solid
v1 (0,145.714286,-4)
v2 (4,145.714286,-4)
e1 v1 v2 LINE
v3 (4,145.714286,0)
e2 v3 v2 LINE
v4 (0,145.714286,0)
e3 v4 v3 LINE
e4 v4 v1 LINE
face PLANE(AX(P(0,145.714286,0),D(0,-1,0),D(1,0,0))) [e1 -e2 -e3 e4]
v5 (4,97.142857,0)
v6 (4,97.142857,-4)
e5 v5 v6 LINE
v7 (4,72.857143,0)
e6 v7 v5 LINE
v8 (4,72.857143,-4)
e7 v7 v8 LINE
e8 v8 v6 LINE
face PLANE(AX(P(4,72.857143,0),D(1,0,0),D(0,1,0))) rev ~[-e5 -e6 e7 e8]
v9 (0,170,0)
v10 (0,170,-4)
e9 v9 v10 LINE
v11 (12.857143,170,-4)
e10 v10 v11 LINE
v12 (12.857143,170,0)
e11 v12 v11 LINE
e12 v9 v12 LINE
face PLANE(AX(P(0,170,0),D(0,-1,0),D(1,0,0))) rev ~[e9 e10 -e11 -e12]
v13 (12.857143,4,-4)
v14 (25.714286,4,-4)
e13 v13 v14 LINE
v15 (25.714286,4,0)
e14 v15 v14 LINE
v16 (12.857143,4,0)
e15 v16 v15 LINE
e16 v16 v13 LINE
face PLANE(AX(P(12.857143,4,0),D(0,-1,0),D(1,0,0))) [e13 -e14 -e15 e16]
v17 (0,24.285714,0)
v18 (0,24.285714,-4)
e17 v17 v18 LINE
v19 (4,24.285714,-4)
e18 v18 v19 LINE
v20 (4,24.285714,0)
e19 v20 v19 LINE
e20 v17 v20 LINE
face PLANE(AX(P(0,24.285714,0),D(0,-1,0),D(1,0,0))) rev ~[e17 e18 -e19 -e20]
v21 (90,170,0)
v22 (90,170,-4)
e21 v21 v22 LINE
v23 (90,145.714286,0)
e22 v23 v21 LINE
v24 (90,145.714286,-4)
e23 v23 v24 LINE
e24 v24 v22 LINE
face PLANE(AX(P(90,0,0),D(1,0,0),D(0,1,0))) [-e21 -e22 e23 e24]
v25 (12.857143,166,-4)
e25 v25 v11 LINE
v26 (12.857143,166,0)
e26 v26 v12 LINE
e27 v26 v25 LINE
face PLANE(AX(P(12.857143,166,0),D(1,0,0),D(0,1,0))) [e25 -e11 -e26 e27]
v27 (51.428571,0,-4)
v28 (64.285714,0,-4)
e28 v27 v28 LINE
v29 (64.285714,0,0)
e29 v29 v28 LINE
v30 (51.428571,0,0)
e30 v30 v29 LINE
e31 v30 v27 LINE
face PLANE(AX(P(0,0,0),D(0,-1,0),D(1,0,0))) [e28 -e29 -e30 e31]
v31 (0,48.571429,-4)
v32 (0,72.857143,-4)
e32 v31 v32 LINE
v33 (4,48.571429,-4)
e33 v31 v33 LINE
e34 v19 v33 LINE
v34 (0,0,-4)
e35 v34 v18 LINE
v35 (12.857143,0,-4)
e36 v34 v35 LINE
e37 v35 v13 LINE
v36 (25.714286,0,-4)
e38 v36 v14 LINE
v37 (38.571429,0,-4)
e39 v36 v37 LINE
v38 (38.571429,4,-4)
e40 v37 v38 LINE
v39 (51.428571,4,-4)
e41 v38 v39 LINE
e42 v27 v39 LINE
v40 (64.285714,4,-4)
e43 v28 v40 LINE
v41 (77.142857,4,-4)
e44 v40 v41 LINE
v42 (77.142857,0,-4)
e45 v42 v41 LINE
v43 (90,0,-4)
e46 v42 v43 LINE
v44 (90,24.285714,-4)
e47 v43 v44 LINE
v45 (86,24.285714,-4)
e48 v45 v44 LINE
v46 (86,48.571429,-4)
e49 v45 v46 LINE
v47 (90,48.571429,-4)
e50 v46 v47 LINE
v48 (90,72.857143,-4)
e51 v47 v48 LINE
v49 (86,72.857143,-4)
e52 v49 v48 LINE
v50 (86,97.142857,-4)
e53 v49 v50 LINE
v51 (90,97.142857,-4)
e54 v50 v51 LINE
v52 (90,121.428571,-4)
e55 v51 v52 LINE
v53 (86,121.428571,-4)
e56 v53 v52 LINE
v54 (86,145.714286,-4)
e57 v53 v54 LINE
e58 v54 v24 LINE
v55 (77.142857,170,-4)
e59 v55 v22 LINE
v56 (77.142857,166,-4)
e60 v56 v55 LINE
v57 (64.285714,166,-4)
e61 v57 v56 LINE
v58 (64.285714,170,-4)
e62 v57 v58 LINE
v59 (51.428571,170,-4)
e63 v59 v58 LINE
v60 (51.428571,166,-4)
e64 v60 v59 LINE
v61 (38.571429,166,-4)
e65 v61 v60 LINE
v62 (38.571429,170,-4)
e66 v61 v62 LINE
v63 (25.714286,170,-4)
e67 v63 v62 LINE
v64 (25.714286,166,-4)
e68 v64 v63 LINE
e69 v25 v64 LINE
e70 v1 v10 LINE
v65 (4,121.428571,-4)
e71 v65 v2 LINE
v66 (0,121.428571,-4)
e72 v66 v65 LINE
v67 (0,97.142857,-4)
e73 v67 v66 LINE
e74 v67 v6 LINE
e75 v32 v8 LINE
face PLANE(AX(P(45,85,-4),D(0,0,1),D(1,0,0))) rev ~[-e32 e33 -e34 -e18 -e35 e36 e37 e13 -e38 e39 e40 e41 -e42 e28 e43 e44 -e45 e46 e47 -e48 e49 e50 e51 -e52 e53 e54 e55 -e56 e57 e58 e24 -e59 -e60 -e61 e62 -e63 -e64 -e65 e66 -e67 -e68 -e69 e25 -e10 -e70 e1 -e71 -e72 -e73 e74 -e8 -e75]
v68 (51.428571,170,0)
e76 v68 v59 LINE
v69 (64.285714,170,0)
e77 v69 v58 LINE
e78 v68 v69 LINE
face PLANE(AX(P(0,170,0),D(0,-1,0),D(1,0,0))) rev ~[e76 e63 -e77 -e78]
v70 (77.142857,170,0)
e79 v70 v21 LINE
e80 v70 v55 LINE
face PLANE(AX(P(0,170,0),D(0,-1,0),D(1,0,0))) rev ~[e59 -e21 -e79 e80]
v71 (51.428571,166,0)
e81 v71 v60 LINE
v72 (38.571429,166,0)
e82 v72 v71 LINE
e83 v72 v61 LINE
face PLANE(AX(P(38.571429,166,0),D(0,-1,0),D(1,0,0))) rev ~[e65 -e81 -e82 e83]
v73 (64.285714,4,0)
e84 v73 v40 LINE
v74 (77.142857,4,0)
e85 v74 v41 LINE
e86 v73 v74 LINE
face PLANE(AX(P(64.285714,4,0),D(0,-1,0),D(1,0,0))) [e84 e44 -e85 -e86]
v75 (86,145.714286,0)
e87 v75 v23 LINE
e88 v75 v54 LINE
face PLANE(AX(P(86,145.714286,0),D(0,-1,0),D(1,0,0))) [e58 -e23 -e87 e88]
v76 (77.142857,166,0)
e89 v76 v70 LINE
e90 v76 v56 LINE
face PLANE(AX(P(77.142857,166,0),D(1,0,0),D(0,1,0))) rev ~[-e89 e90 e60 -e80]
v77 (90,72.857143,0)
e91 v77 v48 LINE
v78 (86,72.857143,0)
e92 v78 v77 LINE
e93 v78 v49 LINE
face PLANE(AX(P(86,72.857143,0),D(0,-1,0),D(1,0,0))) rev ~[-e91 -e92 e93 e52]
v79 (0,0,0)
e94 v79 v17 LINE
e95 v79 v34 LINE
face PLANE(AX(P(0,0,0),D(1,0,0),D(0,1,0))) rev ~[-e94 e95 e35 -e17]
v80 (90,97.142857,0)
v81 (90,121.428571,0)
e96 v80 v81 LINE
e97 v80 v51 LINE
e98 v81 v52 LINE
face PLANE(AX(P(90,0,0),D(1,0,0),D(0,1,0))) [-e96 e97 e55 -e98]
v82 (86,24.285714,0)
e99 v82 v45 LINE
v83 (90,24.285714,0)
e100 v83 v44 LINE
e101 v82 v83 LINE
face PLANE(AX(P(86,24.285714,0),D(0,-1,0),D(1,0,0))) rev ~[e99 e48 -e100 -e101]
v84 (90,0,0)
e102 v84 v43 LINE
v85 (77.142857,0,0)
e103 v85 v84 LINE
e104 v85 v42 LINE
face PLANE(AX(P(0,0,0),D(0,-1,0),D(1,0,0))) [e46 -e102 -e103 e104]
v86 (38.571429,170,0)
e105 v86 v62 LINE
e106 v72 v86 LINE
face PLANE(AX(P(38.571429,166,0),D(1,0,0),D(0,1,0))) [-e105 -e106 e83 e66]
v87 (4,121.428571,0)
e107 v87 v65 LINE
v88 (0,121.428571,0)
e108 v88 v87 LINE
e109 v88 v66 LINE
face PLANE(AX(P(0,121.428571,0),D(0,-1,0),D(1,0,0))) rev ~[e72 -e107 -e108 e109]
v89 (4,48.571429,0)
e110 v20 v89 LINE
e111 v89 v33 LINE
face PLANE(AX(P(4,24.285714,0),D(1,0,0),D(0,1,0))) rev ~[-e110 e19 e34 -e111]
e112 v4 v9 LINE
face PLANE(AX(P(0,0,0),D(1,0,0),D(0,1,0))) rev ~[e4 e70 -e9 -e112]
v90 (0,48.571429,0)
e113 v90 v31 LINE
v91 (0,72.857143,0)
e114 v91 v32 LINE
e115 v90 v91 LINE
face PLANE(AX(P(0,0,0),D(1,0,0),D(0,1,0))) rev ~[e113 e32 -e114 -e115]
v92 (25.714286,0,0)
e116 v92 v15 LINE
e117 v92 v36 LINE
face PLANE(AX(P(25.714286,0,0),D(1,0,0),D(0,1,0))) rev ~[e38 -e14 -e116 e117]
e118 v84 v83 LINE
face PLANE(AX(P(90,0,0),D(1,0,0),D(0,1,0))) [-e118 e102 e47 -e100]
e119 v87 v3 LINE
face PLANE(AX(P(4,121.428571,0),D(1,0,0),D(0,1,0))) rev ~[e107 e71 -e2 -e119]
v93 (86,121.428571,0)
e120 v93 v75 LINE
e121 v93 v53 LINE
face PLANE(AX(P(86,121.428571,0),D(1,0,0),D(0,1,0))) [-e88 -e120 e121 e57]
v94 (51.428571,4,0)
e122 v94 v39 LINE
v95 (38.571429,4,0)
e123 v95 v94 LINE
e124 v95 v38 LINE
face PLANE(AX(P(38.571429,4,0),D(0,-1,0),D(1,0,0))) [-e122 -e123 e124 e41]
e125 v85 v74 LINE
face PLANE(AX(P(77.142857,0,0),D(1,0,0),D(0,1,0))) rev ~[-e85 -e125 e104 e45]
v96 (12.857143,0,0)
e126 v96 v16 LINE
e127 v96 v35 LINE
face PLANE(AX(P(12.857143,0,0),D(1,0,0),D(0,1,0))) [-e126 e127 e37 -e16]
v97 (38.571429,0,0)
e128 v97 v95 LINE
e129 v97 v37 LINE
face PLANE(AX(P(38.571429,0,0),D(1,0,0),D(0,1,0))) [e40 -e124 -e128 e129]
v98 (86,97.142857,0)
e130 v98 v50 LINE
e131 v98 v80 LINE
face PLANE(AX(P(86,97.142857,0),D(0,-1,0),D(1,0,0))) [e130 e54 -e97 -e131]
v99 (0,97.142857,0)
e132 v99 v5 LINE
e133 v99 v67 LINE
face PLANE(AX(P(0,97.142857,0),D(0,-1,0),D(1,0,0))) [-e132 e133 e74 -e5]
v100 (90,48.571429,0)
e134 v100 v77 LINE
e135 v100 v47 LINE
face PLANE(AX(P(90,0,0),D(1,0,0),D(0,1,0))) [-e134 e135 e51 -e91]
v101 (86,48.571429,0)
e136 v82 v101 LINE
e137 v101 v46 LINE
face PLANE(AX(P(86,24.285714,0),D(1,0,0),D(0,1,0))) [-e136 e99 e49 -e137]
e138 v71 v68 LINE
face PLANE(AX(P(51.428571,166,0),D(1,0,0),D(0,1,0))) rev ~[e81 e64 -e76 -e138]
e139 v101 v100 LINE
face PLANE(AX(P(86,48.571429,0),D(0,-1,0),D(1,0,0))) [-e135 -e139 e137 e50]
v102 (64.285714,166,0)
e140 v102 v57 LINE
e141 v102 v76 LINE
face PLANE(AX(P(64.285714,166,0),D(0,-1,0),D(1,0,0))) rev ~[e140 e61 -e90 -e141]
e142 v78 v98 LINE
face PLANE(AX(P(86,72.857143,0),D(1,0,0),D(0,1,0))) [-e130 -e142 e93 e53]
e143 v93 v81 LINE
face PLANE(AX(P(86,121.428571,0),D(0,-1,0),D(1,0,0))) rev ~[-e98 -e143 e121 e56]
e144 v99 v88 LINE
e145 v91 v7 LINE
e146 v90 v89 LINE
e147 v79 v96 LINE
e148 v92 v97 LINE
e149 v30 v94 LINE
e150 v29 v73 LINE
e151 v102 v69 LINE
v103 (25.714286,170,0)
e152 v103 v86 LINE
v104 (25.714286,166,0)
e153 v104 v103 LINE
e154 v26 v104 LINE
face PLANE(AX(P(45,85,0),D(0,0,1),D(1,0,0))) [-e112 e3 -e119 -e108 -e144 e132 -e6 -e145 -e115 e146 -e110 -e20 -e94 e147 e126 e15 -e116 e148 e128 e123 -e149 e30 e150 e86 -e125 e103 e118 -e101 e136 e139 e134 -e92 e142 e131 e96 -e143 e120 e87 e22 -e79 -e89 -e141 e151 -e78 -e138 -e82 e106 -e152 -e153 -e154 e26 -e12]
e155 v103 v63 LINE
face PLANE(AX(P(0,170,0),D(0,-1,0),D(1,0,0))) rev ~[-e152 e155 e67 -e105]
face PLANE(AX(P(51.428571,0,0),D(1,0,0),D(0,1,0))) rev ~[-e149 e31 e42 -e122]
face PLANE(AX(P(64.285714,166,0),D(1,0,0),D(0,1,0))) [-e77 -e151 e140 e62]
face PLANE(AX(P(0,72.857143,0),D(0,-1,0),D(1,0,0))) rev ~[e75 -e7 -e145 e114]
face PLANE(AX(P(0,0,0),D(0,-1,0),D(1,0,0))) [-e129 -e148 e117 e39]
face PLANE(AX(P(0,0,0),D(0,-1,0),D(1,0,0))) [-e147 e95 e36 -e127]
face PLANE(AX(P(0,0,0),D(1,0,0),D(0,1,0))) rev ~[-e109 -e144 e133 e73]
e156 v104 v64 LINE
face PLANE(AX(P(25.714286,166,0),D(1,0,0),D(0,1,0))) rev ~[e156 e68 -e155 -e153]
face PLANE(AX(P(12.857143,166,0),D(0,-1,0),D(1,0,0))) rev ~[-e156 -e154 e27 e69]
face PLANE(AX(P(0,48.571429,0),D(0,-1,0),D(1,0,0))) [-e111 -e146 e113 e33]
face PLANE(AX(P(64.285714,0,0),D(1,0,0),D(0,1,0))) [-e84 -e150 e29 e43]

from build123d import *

# Parameters (mm, degrees)
BUITENAFMETING_RECHTHOEK_W  = 90
BUITENAFMETING_RECHTHOEK_H  = 170
PLAAT_DEPTH                 = 4
TAND_HOR_W                  = 12.857142857
TAND_HOR_H                  = 4
TAND_BOVEN_DEPTH            = 5
TANDEN_PATROON_BOVEN_COUNT  = 3
TANDEN_PATROON_BOVEN_PITCH  = 25.714285714
TAND_VER_W                  = 4
TAND_VER_H                  = 24.285714285
TAND_LINKS_DEPTH            = 5
TANDEN_PATROON_LINKS_COUNT  = 3
TANDEN_PATROON_LINKS_PITCH  = 48.571428571
TAND_O_W                    = 12.857142857
TAND_O_H                    = 4
TAND_ONDER_DEPTH            = 5
TANDEN_PATROON_ONDER_COUNT  = 3
TANDEN_PATROON_ONDER_PITCH  = 25.714285714
TAND_R_W                    = 4
TAND_R_H                    = 24.285714285
TAND_RECHTS_DEPTH           = 5
TANDEN_PATROON_RECHTS_COUNT = 3
TANDEN_PATROON_RECHTS_PITCH = 48.571428571


with BuildPart() as part:
    # Buitenafmeting Rechthoek → Plaat (new body)
    with BuildSketch(Plane.XY):
        with Locations((45, 85)):
            Rectangle(BUITENAFMETING_RECHTHOEK_W, BUITENAFMETING_RECHTHOEK_H)
    extrude(amount=-PLAAT_DEPTH)

    # Tand Hor → Tand Boven (cut, through all)
    with BuildSketch(Plane.XY):
        with Locations((19.285714286, 168)):
            Rectangle(TAND_HOR_W, TAND_HOR_H)
    tand_boven = extrude(amount=-TAND_BOVEN_DEPTH, mode=Mode.SUBTRACT)

    # Tanden Patroon Boven: Tand Boven ×3
    with Locations(*[(i * TANDEN_PATROON_BOVEN_PITCH, 0, 0) for i in range(1, TANDEN_PATROON_BOVEN_COUNT)]):
        add(tand_boven, mode=Mode.SUBTRACT)

    # Tand Ver → Tand Links (cut, through all)
    with BuildSketch(Plane.XY):
        with Locations((2, 133.571428572)):
            Rectangle(TAND_VER_W, TAND_VER_H)
    tand_links = extrude(amount=-TAND_LINKS_DEPTH, mode=Mode.SUBTRACT)

    # Tanden Patroon Links: Tand Links ×3
    with Locations(*[(0, -i * TANDEN_PATROON_LINKS_PITCH, 0) for i in range(1, TANDEN_PATROON_LINKS_COUNT)]):
        add(tand_links, mode=Mode.SUBTRACT)

    # Tand O → Tand Onder (cut, through all)
    with BuildSketch(Plane.XY):
        with Locations((19.285714286, 2)):
            Rectangle(TAND_O_W, TAND_O_H)
    tand_onder = extrude(amount=-TAND_ONDER_DEPTH, mode=Mode.SUBTRACT)

    # Tanden Patroon Onder: Tand Onder ×3
    with Locations(*[(i * TANDEN_PATROON_ONDER_PITCH, 0, 0) for i in range(1, TANDEN_PATROON_ONDER_COUNT)]):
        add(tand_onder, mode=Mode.SUBTRACT)

    # Tand R → Tand Rechts (cut, through all)
    with BuildSketch(Plane.XY):
        with Locations((88, 133.571428572)):
            Rectangle(TAND_R_W, TAND_R_H)
    tand_rechts = extrude(amount=-TAND_RECHTS_DEPTH, mode=Mode.SUBTRACT)

    # Tanden Patroon Rechts: Tand Rechts ×3
    with Locations(*[(0, -i * TANDEN_PATROON_RECHTS_PITCH, 0) for i in range(1, TANDEN_PATROON_RECHTS_COUNT)]):
        add(tand_rechts, mode=Mode.SUBTRACT)


solid = part.part
